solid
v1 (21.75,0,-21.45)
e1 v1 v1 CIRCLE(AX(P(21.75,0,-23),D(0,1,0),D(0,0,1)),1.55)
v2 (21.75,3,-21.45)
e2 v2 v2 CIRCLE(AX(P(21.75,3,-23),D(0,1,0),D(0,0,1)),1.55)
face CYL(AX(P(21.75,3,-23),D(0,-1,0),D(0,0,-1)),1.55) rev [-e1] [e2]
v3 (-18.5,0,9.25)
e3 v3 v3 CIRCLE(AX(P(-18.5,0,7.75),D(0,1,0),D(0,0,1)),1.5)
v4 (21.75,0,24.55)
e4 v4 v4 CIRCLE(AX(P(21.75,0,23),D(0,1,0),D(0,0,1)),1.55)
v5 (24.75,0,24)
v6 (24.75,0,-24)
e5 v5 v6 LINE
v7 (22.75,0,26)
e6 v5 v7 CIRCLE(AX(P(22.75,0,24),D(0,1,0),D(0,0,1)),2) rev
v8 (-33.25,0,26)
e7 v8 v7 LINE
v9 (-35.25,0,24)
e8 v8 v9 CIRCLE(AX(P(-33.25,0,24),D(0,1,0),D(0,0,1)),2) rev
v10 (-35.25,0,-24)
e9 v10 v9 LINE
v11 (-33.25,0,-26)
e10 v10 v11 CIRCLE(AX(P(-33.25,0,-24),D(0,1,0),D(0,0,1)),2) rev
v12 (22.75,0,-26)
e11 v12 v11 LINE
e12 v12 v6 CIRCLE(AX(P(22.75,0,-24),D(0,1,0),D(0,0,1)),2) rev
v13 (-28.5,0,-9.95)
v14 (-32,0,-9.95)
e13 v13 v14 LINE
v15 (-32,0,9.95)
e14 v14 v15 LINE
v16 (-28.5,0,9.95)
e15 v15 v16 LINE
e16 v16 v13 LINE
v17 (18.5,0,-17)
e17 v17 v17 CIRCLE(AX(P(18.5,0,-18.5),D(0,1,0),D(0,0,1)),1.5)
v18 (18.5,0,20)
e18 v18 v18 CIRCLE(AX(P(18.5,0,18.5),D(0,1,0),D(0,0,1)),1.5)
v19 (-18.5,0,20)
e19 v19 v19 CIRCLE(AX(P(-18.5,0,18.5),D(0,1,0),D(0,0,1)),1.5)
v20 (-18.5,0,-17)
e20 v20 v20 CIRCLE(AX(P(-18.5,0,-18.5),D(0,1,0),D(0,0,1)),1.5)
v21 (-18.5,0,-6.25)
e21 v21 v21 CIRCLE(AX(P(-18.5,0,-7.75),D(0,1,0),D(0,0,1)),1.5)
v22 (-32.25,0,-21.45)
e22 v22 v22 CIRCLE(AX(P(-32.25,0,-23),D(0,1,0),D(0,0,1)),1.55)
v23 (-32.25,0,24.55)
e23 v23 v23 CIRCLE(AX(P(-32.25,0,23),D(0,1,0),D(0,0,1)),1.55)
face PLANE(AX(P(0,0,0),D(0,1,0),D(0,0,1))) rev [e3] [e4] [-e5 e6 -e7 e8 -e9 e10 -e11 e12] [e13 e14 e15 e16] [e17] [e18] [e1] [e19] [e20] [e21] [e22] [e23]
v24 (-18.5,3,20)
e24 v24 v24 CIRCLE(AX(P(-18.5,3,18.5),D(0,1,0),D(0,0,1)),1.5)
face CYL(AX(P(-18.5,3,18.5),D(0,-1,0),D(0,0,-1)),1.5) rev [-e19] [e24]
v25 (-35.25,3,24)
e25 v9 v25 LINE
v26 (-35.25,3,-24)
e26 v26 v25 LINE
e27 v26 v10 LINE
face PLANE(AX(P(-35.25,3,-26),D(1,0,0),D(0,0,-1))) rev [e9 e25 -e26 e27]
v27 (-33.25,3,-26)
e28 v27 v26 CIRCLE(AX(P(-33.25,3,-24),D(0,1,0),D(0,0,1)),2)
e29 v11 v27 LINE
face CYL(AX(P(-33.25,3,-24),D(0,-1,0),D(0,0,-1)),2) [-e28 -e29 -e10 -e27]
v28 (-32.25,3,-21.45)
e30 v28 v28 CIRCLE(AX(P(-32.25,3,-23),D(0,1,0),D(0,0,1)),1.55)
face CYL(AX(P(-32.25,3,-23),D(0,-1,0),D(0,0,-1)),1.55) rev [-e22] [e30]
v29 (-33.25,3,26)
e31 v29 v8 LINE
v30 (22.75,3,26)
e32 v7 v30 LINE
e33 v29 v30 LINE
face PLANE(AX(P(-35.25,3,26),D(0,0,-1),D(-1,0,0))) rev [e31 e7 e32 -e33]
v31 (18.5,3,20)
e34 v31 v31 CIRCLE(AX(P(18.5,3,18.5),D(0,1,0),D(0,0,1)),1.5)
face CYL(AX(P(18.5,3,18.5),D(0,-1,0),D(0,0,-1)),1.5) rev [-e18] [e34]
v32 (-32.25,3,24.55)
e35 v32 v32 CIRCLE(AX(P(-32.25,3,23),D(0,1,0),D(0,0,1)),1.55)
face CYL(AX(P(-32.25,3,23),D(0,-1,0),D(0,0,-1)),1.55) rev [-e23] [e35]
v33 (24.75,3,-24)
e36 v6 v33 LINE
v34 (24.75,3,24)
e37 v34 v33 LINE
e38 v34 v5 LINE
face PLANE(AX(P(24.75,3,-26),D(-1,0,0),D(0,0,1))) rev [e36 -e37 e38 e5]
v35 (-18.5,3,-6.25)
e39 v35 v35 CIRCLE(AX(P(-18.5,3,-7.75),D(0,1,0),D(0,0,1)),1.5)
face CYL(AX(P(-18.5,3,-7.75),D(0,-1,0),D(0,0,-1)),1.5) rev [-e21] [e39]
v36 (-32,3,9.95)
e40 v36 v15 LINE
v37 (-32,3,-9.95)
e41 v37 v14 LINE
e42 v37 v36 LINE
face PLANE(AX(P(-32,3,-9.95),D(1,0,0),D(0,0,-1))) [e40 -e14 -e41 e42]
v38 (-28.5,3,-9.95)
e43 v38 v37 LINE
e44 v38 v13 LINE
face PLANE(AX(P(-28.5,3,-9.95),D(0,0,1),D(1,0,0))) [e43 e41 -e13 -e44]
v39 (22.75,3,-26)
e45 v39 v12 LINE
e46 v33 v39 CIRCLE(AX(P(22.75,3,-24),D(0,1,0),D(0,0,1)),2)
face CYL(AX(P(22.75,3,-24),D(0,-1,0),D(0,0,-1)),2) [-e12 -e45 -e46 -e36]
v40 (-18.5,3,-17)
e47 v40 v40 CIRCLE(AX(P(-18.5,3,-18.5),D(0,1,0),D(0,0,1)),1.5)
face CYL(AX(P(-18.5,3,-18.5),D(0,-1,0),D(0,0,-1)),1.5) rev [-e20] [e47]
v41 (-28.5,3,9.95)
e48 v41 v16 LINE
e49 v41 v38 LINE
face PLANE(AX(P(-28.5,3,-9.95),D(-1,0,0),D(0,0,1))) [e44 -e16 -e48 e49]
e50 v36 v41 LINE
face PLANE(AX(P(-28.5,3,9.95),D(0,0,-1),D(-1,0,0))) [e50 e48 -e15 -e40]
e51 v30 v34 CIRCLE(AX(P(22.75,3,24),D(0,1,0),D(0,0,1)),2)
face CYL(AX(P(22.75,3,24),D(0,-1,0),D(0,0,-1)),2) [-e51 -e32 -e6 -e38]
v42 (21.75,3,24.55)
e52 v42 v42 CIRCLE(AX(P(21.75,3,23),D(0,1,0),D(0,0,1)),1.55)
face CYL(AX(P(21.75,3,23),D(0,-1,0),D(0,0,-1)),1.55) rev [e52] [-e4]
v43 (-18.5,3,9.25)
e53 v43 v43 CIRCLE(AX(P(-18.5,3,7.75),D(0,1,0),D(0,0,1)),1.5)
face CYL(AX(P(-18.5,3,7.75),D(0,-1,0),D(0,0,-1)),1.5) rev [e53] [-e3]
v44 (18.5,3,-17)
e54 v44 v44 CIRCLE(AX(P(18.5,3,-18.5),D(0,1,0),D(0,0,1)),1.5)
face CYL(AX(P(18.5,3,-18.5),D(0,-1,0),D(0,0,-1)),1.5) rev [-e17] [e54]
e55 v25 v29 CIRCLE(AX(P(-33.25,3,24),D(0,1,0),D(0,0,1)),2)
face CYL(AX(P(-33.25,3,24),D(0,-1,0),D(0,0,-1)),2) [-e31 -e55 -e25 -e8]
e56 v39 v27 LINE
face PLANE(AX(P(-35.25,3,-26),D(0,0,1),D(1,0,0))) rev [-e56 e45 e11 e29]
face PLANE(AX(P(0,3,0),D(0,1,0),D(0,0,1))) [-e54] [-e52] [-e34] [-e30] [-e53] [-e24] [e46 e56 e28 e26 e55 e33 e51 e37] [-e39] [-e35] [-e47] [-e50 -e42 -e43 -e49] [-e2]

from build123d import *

# Parameters (mm, degrees)
SKETCH1_W           = 60
SKETCH1_H           = 52
SKETCH1_R           = 1.5
SKETCH1_R_2         = 1.55
SKETCH1_W_2         = 3.5
SKETCH1_H_2         = 19.9
BOSS_EXTRUDE1_DEPTH = 3
FILLET1_R           = 2


with BuildPart() as part:
    # Sketch1 → Boss-Extrude1 (new body)
    with BuildSketch(Plane(origin=(0, 0, 0), x_dir=(1, 0, 0), z_dir=(0, 1, 0))):
        with Locations((-5.25, 0)):
            Rectangle(SKETCH1_W, SKETCH1_H)
        with Locations(Location((-18.5, -18.5, 0), (0, 0, 270))):
            Circle(SKETCH1_R, mode=Mode.SUBTRACT)
        with Locations(Location((-18.5, 18.5, 0), (0, 0, 270))):
            Circle(SKETCH1_R, mode=Mode.SUBTRACT)
        with Locations(Location((18.5, 18.5, 0), (0, 0, 270))):
            Circle(SKETCH1_R, mode=Mode.SUBTRACT)
        with Locations(Location((18.5, -18.5, 0), (0, 0, 270))):
            Circle(SKETCH1_R, mode=Mode.SUBTRACT)
        with Locations(Location((-18.5, -7.75, 0), (0, 0, 270))):
            Circle(SKETCH1_R, mode=Mode.SUBTRACT)
        with Locations(Location((-18.5, 7.75, 0), (0, 0, 270))):
            Circle(SKETCH1_R, mode=Mode.SUBTRACT)
        with Locations(Location((-32.25, 23, 0), (0, 0, 270))):
            Circle(SKETCH1_R_2, mode=Mode.SUBTRACT)
        with Locations(Location((21.75, 23, 0), (0, 0, 270))):
            Circle(SKETCH1_R_2, mode=Mode.SUBTRACT)
        with Locations(Location((21.75, -23, 0), (0, 0, 270))):
            Circle(SKETCH1_R_2, mode=Mode.SUBTRACT)
        with Locations(Location((-32.25, -23, 0), (0, 0, 270))):
            Circle(SKETCH1_R_2, mode=Mode.SUBTRACT)
        with Locations((-30.25, 0)):
            Rectangle(SKETCH1_W_2, SKETCH1_H_2, mode=Mode.SUBTRACT)
    extrude(amount=BOSS_EXTRUDE1_DEPTH)

    # Fillet1
    fillet1_edges = [part.edges().sort_by_distance(p)[0] for p in [
        (-35.25, 1.5, -26),
        (24.75, 1.5, -26),
        (24.75, 1.5, 26),
        (-35.25, 1.5, 26),
    ]]
    fillet(fillet1_edges, radius=FILLET1_R)


solid = part.part
